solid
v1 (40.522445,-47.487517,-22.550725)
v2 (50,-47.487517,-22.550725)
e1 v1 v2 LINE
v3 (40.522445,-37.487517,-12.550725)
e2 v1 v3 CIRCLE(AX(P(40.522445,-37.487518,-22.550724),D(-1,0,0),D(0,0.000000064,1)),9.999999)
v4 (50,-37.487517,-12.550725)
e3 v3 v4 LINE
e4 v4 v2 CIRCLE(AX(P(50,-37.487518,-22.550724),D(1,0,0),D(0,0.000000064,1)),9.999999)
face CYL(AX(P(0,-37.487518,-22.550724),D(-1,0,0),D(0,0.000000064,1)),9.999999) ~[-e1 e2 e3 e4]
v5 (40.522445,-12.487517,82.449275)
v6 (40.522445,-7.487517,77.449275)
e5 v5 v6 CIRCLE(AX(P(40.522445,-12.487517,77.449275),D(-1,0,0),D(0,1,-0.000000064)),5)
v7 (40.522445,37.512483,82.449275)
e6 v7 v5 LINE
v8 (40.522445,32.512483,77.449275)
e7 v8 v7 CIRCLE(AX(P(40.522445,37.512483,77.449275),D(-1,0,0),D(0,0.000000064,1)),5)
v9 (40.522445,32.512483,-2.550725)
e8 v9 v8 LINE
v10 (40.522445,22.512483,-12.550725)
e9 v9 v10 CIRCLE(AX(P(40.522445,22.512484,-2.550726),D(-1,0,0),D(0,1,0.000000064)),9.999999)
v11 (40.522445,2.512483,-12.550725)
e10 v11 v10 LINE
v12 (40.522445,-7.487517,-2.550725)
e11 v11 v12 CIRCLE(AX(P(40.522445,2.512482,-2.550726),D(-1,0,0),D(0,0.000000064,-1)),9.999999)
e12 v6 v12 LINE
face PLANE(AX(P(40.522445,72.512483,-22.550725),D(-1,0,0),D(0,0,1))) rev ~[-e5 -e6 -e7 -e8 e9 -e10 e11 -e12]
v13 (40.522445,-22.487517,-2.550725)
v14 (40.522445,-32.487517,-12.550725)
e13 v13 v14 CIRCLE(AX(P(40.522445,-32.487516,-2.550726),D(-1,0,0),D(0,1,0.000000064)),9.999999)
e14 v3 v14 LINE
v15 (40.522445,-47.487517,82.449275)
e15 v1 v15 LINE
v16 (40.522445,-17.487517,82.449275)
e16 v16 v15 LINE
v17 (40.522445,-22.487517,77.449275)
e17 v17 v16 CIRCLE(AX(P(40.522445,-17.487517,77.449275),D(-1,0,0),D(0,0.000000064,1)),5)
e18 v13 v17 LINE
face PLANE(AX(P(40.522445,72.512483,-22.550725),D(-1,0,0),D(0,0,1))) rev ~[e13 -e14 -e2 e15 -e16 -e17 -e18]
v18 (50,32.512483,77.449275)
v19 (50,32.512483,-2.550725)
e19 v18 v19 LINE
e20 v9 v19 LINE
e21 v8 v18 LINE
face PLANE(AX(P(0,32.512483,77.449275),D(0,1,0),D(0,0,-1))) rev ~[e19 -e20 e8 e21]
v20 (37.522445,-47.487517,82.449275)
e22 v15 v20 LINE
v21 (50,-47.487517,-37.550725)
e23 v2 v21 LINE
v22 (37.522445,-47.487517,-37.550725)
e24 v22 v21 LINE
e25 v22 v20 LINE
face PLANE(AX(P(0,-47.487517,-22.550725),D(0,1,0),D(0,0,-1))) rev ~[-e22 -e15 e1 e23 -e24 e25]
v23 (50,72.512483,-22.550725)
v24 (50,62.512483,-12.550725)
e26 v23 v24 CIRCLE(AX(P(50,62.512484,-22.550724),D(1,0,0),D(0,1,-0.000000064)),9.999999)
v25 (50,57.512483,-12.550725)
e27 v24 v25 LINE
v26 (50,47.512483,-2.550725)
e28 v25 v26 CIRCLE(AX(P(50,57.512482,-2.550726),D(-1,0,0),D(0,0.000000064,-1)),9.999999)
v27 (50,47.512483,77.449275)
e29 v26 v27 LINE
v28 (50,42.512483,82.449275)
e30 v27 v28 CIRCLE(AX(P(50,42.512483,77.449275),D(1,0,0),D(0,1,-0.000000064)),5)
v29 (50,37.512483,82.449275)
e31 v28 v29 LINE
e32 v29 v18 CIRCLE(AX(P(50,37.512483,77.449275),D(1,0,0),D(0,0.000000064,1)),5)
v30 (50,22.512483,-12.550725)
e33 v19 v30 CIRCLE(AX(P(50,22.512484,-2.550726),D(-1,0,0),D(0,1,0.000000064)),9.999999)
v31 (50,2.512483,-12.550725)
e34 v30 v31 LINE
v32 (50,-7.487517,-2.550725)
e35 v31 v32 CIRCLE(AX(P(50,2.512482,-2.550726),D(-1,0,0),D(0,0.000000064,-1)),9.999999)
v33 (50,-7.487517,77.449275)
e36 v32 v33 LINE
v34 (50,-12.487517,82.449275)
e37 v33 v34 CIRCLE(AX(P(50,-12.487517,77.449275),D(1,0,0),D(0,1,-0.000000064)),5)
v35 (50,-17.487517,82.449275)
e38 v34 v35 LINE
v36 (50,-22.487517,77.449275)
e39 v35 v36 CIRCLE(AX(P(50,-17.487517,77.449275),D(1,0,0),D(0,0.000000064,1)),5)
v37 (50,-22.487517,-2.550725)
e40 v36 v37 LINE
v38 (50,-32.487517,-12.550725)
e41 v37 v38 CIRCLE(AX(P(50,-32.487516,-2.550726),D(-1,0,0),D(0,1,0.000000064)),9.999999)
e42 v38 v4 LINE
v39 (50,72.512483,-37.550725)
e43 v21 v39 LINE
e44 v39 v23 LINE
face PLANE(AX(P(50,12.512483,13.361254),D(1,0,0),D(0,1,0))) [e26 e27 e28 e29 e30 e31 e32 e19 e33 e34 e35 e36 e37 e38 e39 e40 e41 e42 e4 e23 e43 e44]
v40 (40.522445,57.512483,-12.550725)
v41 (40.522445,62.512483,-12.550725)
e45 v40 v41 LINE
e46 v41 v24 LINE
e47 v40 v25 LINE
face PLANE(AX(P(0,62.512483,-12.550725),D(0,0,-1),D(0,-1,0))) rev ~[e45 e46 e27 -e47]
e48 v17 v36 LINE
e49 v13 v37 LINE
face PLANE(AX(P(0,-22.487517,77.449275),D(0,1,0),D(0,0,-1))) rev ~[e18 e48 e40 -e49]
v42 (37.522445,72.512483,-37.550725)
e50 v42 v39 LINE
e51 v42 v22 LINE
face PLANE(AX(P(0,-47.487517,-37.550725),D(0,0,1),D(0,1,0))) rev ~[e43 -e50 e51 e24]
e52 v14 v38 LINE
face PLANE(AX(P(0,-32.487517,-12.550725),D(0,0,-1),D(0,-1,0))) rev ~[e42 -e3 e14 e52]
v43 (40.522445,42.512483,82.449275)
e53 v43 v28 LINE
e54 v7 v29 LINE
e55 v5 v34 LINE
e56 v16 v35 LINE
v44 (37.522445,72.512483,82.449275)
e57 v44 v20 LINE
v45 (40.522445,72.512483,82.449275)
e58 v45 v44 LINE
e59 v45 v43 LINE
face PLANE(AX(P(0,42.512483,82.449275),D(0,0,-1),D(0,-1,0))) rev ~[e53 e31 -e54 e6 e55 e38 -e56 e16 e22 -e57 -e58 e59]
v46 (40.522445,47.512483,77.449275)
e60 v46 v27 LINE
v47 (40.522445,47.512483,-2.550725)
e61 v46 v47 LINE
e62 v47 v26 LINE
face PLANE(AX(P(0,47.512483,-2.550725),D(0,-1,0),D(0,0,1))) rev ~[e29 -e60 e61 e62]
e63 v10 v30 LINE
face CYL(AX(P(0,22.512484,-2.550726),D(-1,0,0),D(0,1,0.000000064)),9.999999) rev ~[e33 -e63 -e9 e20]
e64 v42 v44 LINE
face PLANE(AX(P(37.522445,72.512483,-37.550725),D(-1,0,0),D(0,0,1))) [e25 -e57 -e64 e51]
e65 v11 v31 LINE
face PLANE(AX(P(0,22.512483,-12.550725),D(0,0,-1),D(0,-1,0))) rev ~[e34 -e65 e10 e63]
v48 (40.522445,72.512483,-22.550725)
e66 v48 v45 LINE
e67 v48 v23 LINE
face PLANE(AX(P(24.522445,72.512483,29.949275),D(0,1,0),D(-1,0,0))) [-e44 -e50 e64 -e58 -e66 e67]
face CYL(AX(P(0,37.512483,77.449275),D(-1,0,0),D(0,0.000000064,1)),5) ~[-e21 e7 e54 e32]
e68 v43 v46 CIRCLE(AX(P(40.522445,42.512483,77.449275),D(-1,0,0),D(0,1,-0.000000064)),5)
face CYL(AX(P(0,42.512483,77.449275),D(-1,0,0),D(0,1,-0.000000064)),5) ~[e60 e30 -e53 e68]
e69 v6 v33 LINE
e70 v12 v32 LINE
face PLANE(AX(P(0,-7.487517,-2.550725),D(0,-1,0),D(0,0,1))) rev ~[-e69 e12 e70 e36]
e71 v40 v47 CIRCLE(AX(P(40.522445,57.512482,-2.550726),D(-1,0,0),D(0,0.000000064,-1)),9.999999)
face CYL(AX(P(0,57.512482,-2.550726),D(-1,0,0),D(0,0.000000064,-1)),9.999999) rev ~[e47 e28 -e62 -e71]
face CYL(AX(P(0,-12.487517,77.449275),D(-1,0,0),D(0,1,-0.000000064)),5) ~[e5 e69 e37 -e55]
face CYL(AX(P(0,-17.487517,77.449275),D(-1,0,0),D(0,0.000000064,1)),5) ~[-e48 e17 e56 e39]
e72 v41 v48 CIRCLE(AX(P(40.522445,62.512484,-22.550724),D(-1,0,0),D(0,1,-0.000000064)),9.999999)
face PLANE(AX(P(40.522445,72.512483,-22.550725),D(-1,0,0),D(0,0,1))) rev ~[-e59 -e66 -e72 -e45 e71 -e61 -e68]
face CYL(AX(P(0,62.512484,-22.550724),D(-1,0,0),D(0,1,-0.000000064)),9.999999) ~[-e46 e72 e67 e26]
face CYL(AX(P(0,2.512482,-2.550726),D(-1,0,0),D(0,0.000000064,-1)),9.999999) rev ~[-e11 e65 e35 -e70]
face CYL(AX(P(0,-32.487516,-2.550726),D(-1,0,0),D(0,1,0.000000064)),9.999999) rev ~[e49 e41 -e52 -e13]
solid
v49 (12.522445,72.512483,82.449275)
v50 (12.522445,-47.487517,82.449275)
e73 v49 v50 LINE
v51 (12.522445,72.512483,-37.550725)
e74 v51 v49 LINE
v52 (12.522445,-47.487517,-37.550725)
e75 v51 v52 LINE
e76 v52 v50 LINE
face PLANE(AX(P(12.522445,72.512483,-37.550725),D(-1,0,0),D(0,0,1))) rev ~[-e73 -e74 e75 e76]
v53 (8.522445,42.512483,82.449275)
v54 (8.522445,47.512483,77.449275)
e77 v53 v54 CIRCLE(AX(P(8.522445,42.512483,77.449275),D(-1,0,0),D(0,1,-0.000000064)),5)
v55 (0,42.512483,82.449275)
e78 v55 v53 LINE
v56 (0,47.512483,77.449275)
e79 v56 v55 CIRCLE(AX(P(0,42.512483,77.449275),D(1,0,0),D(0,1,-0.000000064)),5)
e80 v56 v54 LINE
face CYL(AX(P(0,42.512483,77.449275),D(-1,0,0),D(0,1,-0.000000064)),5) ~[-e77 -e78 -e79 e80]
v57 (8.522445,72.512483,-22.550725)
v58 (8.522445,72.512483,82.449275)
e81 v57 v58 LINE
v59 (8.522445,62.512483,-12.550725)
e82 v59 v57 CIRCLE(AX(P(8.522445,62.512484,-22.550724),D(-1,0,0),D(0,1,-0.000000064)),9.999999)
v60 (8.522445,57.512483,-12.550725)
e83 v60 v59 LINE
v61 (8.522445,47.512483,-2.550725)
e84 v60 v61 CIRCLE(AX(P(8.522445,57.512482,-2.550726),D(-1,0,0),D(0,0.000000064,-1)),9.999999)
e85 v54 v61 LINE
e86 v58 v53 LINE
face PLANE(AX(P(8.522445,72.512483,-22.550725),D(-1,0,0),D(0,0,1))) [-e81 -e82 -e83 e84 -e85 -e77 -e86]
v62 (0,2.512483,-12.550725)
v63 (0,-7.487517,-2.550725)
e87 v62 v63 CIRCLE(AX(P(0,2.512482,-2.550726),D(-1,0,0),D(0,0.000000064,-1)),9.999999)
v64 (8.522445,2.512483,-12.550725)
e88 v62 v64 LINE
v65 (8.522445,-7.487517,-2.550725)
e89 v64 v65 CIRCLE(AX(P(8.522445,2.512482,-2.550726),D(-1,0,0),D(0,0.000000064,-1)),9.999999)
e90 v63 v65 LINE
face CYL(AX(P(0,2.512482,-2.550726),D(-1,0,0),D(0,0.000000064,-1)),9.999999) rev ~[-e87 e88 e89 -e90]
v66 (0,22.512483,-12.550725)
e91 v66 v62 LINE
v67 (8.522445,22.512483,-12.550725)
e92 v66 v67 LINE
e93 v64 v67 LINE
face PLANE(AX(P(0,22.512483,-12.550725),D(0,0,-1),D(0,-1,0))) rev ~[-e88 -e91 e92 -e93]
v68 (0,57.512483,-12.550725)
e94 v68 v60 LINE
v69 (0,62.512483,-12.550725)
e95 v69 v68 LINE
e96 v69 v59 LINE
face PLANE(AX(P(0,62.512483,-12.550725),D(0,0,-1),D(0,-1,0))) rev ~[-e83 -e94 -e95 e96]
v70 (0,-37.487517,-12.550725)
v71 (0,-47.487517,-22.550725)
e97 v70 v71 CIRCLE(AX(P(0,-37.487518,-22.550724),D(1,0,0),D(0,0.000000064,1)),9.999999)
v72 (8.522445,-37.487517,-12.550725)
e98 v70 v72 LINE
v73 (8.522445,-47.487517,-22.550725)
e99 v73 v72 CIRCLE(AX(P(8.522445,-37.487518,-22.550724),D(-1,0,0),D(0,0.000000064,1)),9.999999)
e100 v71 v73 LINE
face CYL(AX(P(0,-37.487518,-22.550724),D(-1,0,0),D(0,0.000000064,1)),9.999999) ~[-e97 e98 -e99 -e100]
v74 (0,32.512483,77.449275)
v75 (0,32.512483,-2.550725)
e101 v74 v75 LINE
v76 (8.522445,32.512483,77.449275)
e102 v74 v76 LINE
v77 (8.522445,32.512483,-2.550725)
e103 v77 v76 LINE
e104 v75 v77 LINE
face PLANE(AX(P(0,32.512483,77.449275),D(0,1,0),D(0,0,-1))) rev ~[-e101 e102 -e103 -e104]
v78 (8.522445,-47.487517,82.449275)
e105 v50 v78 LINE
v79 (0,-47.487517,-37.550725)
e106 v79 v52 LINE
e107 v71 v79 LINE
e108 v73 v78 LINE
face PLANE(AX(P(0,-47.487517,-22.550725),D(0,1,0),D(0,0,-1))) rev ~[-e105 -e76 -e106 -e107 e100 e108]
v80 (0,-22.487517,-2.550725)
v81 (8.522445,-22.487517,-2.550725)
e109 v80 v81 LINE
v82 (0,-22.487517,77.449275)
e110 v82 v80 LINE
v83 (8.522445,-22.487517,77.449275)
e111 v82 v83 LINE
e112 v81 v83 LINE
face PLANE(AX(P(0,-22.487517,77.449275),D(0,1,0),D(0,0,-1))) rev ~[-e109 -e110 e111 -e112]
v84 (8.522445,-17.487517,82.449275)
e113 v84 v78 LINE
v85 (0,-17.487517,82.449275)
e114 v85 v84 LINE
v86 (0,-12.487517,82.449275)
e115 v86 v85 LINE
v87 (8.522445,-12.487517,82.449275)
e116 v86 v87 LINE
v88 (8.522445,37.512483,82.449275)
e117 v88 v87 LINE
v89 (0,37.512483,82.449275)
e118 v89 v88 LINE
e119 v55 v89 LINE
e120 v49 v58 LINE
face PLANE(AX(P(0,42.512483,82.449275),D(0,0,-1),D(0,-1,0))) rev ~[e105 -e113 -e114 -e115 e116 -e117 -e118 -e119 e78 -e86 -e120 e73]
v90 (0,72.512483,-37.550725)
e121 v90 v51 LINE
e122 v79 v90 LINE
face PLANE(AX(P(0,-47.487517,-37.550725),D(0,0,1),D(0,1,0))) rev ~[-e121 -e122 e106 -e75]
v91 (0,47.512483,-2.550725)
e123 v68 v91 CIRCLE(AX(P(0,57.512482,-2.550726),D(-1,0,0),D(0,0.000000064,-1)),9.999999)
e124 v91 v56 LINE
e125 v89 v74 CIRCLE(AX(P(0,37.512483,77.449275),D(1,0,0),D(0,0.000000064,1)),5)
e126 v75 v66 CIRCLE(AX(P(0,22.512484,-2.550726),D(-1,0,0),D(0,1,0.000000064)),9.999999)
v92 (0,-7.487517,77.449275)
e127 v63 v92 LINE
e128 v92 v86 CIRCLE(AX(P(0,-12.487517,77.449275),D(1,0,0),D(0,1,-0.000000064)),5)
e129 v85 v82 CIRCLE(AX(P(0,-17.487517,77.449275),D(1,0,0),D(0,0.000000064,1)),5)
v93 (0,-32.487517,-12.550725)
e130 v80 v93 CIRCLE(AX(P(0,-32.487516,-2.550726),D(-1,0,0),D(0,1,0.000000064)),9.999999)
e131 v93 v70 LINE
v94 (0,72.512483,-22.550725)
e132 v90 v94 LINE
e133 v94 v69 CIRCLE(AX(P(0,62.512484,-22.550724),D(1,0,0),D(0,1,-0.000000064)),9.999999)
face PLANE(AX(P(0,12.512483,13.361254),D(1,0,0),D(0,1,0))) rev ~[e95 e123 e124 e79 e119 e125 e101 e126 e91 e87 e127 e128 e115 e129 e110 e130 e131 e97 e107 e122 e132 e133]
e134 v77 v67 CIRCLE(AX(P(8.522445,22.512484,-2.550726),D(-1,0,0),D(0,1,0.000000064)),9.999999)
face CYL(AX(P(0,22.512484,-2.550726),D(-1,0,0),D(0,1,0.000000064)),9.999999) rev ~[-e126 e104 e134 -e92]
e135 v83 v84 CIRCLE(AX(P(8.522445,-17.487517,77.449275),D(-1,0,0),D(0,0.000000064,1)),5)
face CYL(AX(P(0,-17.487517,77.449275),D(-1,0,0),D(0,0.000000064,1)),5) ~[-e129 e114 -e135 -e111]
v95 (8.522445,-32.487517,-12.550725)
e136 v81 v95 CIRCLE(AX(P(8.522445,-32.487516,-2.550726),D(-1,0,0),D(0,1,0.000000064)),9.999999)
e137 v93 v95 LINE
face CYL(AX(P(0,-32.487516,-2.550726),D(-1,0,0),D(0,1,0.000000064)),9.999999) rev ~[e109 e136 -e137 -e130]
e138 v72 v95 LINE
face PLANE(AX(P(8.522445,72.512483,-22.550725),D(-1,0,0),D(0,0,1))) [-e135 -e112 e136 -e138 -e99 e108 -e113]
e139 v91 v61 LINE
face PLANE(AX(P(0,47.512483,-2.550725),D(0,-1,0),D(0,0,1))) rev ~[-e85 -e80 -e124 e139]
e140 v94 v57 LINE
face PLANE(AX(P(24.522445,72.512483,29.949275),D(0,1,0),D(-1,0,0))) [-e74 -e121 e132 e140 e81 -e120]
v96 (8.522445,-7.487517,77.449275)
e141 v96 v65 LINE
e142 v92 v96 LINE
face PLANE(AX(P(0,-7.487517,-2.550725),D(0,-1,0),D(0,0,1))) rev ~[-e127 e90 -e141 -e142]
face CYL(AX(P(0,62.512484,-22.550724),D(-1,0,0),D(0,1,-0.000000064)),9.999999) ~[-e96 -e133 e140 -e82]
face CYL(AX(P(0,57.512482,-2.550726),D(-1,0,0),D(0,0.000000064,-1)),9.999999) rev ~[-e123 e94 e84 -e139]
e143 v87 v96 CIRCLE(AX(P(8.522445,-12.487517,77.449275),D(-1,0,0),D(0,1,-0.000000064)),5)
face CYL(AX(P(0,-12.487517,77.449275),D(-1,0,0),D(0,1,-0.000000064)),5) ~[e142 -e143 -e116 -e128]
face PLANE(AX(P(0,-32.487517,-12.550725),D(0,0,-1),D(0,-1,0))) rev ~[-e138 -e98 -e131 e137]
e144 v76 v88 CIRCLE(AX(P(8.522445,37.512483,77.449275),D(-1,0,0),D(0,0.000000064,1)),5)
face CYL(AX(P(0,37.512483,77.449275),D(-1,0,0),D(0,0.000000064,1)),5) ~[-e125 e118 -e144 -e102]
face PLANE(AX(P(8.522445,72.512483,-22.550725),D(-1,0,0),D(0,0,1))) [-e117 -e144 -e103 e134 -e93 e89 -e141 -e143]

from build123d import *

# Parameters (mm, degrees)
F1_DEPTH = 50
F2_W     = 32
F2_H     = 105
F3_DEPTH = 120
F4_W     = 25
F4_H     = 120
F5_DEPTH = 120.001


with BuildPart() as f1:
    # F0 (on Right) → F1 (new body)
    with BuildSketch(Plane.YZ):
        with BuildLine():
            Line((-32.487517, -12.550725), (-37.487517, -12.550725))
            ThreePointArc((-37.487517, -12.550725), (-44.558585, -15.479657), (-47.487517, -22.550725))
            Line((-47.487517, -22.550725), (-47.487517, -37.550725))
            Line((-47.487517, -37.550725), (72.512483, -37.550725))
            Line((72.512483, -37.550725), (72.512483, -22.550725))
            ThreePointArc((72.512483, -22.550725), (69.583551, -15.479657), (62.512483, -12.550725))
            Line((62.512483, -12.550725), (57.512483, -12.550725))
            ThreePointArc((57.512483, -12.550725), (50.441415, -9.621793), (47.512483, -2.550725))
            Line((47.512483, -2.550725), (47.512483, 77.449275))
            ThreePointArc((47.512483, 77.449275), (46.048017, 80.984809), (42.512483, 82.449275))
            Line((42.512483, 82.449275), (37.512483, 82.449275))
            ThreePointArc((37.512483, 82.449275), (33.976949, 80.984809), (32.512483, 77.449275))
            Line((32.512483, 77.449275), (32.512483, -2.550725))
            ThreePointArc((32.512483, -2.550725), (29.583551, -9.621793), (22.512483, -12.550725))
            Line((22.512483, -12.550725), (2.512483, -12.550725))
            ThreePointArc((2.512483, -12.550725), (-4.558585, -9.621793), (-7.487517, -2.550725))
            Line((-7.487517, -2.550725), (-7.487517, 77.449275))
            ThreePointArc((-7.487517, 77.449275), (-8.951983, 80.984809), (-12.487517, 82.449275))
            Line((-12.487517, 82.449275), (-17.487517, 82.449275))
            ThreePointArc((-17.487517, 82.449275), (-21.023051, 80.984809), (-22.487517, 77.449275))
            Line((-22.487517, 77.449275), (-22.487517, -2.550725))
            ThreePointArc((-22.487517, -2.550725), (-25.416449, -9.621793), (-32.487517, -12.550725))
        make_face()
    extrude(amount=F1_DEPTH)

    # F2 (on face) → F3 (join)
    with BuildSketch(Plane(origin=(0, 72.512483, 0), x_dir=(-1, 0, 0), z_dir=(0, 1, 0))):
        with Locations((-24.522445, 29.949275)):
            Rectangle(F2_W, F2_H)
    extrude(amount=-F3_DEPTH)

    # F4 (on face) → F5 (cut, through all)
    with BuildSketch(Plane(origin=(0, 72.512483, 0), x_dir=(-1, 0, 0), z_dir=(0, 1, 0))):
        with Locations((-25.022445, 22.449275)):
            Rectangle(F4_W, F4_H)
    extrude(amount=-F5_DEPTH, mode=Mode.SUBTRACT)


solid = f1.part
